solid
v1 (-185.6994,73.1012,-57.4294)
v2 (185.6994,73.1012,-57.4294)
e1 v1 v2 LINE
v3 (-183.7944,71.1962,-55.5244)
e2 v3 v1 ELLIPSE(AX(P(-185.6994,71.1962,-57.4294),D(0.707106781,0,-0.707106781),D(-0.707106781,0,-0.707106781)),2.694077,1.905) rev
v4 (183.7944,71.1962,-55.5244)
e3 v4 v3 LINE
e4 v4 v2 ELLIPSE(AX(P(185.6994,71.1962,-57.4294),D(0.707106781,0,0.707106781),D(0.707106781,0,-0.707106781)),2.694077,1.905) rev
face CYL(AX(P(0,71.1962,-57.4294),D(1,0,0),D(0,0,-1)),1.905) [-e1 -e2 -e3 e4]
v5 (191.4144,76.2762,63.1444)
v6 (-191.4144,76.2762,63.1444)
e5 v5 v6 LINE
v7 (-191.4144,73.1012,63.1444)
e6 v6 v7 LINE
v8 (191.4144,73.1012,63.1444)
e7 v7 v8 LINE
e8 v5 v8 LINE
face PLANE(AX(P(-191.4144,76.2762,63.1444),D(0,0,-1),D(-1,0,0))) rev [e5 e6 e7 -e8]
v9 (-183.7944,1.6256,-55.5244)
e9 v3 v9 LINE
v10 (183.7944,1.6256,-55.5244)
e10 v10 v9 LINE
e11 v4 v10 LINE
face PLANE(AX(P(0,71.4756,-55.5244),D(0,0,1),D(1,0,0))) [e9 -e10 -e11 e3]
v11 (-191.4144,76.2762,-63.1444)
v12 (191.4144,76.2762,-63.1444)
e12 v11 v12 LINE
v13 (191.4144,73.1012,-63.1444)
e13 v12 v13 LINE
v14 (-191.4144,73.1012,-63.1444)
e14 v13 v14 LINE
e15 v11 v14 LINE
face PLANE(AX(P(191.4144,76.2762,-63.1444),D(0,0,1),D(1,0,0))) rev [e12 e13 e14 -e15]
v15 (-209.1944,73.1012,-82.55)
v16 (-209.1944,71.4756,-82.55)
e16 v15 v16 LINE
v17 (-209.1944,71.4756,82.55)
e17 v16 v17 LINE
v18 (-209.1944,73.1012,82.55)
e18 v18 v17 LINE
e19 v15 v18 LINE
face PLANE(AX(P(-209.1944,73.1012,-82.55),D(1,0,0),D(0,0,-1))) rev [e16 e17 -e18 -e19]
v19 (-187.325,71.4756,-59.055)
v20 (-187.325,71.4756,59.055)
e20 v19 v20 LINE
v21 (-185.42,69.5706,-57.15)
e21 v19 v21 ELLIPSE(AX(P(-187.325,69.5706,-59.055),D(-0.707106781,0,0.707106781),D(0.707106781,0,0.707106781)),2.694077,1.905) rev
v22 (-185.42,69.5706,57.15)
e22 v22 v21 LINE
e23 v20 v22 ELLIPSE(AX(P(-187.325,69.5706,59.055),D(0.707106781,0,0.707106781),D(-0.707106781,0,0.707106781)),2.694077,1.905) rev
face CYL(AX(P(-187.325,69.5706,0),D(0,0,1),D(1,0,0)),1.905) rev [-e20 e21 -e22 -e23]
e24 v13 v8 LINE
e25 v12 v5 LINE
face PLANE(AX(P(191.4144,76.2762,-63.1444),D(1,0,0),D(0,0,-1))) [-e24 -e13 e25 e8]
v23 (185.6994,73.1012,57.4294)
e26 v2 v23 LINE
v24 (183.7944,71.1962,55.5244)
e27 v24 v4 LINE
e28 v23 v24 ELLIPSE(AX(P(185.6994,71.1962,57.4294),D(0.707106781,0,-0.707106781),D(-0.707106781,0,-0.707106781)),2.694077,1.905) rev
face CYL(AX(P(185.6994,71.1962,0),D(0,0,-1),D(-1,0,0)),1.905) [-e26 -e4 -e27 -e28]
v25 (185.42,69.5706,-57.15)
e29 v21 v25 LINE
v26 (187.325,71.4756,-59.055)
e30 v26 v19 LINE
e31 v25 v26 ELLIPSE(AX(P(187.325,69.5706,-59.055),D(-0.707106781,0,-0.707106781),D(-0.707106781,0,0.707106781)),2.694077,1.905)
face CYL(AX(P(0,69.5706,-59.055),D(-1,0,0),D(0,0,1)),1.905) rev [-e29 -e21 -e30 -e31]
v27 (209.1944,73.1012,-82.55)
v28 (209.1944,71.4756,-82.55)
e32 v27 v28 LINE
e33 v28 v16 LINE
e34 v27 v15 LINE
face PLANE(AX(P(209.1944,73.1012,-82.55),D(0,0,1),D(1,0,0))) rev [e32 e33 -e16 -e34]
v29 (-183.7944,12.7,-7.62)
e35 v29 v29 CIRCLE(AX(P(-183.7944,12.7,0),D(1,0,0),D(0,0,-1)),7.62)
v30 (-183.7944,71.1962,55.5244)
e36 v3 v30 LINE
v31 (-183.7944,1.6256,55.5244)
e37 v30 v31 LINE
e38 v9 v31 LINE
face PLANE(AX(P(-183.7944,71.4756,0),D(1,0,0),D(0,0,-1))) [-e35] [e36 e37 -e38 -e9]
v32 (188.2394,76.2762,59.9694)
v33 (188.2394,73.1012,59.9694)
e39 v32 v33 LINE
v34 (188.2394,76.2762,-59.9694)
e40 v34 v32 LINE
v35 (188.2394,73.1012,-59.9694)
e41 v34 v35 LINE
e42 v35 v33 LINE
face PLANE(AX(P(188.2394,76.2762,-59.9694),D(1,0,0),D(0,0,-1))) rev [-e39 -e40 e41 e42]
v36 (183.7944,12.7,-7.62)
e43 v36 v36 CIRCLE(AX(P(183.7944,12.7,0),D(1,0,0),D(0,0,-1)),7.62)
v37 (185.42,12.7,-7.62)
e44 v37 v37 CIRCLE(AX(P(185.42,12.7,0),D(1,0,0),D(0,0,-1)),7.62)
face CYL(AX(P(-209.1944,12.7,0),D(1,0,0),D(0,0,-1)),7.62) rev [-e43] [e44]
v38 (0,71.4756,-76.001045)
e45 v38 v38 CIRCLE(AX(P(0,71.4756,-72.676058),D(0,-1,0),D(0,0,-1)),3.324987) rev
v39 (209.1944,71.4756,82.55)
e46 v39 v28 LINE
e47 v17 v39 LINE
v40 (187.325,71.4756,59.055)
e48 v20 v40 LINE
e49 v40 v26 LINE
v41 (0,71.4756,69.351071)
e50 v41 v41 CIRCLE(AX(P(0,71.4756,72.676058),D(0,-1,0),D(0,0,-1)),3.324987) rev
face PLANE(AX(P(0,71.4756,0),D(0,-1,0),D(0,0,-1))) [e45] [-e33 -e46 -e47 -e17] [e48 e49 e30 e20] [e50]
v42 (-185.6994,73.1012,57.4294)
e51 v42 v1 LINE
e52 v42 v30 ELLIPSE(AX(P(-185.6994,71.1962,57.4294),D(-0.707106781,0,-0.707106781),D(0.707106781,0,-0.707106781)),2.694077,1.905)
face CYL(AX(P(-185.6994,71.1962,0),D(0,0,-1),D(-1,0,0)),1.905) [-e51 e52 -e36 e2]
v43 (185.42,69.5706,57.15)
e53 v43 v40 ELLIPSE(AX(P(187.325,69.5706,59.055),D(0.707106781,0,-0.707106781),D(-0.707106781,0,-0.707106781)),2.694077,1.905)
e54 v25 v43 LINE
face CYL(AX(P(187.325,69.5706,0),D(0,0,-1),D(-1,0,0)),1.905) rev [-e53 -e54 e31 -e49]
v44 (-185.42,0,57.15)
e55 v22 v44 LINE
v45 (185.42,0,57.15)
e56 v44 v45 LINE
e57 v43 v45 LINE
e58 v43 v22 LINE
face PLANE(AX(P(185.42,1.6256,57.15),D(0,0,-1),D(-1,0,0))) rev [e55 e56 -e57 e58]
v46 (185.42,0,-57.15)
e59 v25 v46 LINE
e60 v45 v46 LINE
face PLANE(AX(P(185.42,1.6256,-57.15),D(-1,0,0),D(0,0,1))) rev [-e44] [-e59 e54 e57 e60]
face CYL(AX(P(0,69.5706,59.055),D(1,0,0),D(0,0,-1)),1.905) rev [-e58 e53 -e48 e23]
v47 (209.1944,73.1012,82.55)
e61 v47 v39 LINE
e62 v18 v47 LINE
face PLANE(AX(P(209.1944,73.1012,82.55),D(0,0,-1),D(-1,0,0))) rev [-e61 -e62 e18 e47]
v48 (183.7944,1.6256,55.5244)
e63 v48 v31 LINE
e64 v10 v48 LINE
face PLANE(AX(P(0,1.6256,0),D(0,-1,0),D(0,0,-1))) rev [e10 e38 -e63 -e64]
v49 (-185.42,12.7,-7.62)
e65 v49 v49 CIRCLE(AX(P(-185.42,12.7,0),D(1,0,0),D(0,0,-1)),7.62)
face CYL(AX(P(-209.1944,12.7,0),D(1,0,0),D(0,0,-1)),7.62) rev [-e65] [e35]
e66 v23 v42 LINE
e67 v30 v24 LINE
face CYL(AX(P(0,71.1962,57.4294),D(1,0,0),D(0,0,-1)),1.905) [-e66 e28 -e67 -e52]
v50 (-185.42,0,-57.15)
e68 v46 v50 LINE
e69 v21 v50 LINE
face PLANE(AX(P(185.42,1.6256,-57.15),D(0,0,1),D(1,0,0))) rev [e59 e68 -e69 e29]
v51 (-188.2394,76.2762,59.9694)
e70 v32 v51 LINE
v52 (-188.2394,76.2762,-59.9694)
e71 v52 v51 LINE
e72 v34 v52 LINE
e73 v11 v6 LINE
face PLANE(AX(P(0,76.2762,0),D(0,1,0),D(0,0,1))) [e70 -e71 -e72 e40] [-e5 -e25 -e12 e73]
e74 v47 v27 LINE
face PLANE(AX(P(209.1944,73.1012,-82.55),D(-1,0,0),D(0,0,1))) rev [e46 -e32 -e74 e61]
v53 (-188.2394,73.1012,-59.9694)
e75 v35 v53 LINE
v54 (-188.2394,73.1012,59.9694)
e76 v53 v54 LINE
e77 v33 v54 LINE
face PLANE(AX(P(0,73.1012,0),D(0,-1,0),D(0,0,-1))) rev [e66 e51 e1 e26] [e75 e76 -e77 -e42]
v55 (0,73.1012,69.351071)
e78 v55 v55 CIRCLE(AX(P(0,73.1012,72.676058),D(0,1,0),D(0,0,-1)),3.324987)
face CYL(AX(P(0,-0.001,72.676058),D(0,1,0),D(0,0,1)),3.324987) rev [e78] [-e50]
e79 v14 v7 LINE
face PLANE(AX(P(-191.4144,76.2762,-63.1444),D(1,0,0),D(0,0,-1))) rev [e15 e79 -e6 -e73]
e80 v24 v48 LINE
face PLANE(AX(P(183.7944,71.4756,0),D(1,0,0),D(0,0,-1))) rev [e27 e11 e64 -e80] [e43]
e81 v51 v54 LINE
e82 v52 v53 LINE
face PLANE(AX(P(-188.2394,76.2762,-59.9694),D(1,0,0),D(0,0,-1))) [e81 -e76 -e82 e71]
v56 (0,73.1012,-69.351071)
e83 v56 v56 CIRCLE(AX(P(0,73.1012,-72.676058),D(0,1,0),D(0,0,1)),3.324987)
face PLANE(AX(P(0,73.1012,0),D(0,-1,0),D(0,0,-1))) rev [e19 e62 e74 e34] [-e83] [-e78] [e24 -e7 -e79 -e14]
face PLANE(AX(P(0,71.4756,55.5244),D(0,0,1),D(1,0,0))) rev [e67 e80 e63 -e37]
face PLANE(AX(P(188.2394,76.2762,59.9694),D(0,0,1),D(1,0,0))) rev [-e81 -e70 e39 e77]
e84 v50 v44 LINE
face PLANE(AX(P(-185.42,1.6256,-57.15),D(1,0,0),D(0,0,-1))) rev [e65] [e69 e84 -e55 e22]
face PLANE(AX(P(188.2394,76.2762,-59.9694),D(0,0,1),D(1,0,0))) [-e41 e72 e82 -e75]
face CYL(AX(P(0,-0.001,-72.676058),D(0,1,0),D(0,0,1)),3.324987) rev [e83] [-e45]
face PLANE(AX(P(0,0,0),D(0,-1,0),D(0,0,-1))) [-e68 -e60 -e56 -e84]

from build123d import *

# Parameters (mm, degrees)
SKETCH1_W           = 370.84
SKETCH1_H           = 114.3
BOSS_EXTRUDE1_DEPTH = 1.6256
SKETCH2_W           = 370.84
SKETCH2_H           = 114.3
SKETCH2_W_2         = 367.5888
SKETCH2_H_2         = 111.0488
BOSS_EXTRUDE2_DEPTH = 69.85
SKETCH3_W           = 418.3888
SKETCH3_H           = 165.1
SKETCH3_W_2         = 367.5888
SKETCH3_H_2         = 111.0488
BOSS_EXTRUDE3_DEPTH = 1.6256
FILLET1_R           = 1.905
SKETCH6_W           = 376.4788
SKETCH6_H           = 119.9388
BOSS_EXTRUDE4_DEPTH = 3.175
CUT_EXTRUDE1_REACH  = 238.475
SKETCH7_R           = 3.324987
SKETCH8_R           = 7.62
CUT_EXTRUDE2_DEPTH  = 411.308525227


with BuildPart() as part:
    # Sketch1 → Boss-Extrude1 (new body)
    with BuildSketch(Plane(origin=(0, 0, 0), x_dir=(1, 0, 0), z_dir=(0, 1, 0))):
        Rectangle(SKETCH1_W, SKETCH1_H)
    extrude(amount=BOSS_EXTRUDE1_DEPTH)

    # Sketch2 → Boss-Extrude2 (add)
    with BuildSketch(Plane(origin=(0, 1.6256, 0), x_dir=(1, 0, 0), z_dir=(0, 1, 0))):
        Rectangle(SKETCH2_W, SKETCH2_H)
        Rectangle(SKETCH2_W_2, SKETCH2_H_2, mode=Mode.SUBTRACT)
    extrude(amount=BOSS_EXTRUDE2_DEPTH)

    # Sketch3 → Boss-Extrude3 (add)
    with BuildSketch(Plane(origin=(0, 71.4756, 0), x_dir=(1, 0, 0), z_dir=(0, 1, 0))):
        Rectangle(SKETCH3_W, SKETCH3_H)
        Rectangle(SKETCH3_W_2, SKETCH3_H_2, mode=Mode.SUBTRACT)
    extrude(amount=BOSS_EXTRUDE3_DEPTH)

    # Fillet1
    fillet1_edges = [part.edges().sort_by_distance(p)[0] for p in [
        (0, 71.4756, -57.15),
        (-185.42, 71.4756, 0),
        (0, 71.4756, 57.15),
        (185.42, 71.4756, 0),
        (-183.7944, 73.1012, 0),
        (0, 73.1012, 55.5244),
        (183.7944, 73.1012, 0),
        (0, 73.1012, -55.5244),
    ]]
    fillet(fillet1_edges, radius=FILLET1_R)

    # Sketch6 → Boss-Extrude4 (add)
    with BuildSketch(Plane(origin=(0, 73.1012, 0), x_dir=(1, 0, 0), z_dir=(0, 1, 0))):
        Polygon((188.2394, -63.1444), (-188.2394, -63.1444), (-191.4144, -63.1444), (-191.4144, 63.1444), (-188.2394, 63.1444), (188.2394, 63.1444), (191.4144, 63.1444), (191.4144, -63.1444), align=None)
        Rectangle(SKETCH6_W, SKETCH6_H, mode=Mode.SUBTRACT)
    extrude(amount=BOSS_EXTRUDE4_DEPTH)

    # Sketch7 → Cut-Extrude1 (cut, up to next)
    with BuildSketch(Plane(origin=(0, 73.1012, 0), x_dir=(1, 0, 0), z_dir=(0, 1, 0)), mode=Mode.PRIVATE) as cut_extrude1_sk1:
        with Locations(Location((0, 72.676058371, 0), (0, 0, 270))):
            Circle(SKETCH7_R)
    cut_extrude1_tool1 = extrude(cut_extrude1_sk1.sketch, amount=-CUT_EXTRUDE1_REACH, mode=Mode.PRIVATE) & part.part
    # Sketch7 → Cut-Extrude1 (cut, up to next)
    with BuildSketch(Plane(origin=(0, 73.1012, 0), x_dir=(1, 0, 0), z_dir=(0, 1, 0)), mode=Mode.PRIVATE) as cut_extrude1_sk2:
        with Locations(Location((0, -72.676058371, 0), (0, 0, 90))):
            Circle(SKETCH7_R)
    cut_extrude1_tool2 = extrude(cut_extrude1_sk2.sketch, amount=-CUT_EXTRUDE1_REACH, mode=Mode.PRIVATE) & part.part
    add(cut_extrude1_tool1.solids().sort_by_distance((0, 73.1012, -72.676058))[0], mode=Mode.SUBTRACT)
    add(cut_extrude1_tool2.solids().sort_by_distance((0, 73.1012, 72.676058))[0], mode=Mode.SUBTRACT)

    # Sketch8 → Cut-Extrude2 (cut, through all)
    with BuildSketch(Plane(origin=(185.42, 0, 0), x_dir=(0, 0, -1), z_dir=(1, 0, 0))):
        with Locations((0, 12.7)):
            Circle(SKETCH8_R)
    extrude(amount=-CUT_EXTRUDE2_DEPTH, mode=Mode.SUBTRACT)


solid = part.part
